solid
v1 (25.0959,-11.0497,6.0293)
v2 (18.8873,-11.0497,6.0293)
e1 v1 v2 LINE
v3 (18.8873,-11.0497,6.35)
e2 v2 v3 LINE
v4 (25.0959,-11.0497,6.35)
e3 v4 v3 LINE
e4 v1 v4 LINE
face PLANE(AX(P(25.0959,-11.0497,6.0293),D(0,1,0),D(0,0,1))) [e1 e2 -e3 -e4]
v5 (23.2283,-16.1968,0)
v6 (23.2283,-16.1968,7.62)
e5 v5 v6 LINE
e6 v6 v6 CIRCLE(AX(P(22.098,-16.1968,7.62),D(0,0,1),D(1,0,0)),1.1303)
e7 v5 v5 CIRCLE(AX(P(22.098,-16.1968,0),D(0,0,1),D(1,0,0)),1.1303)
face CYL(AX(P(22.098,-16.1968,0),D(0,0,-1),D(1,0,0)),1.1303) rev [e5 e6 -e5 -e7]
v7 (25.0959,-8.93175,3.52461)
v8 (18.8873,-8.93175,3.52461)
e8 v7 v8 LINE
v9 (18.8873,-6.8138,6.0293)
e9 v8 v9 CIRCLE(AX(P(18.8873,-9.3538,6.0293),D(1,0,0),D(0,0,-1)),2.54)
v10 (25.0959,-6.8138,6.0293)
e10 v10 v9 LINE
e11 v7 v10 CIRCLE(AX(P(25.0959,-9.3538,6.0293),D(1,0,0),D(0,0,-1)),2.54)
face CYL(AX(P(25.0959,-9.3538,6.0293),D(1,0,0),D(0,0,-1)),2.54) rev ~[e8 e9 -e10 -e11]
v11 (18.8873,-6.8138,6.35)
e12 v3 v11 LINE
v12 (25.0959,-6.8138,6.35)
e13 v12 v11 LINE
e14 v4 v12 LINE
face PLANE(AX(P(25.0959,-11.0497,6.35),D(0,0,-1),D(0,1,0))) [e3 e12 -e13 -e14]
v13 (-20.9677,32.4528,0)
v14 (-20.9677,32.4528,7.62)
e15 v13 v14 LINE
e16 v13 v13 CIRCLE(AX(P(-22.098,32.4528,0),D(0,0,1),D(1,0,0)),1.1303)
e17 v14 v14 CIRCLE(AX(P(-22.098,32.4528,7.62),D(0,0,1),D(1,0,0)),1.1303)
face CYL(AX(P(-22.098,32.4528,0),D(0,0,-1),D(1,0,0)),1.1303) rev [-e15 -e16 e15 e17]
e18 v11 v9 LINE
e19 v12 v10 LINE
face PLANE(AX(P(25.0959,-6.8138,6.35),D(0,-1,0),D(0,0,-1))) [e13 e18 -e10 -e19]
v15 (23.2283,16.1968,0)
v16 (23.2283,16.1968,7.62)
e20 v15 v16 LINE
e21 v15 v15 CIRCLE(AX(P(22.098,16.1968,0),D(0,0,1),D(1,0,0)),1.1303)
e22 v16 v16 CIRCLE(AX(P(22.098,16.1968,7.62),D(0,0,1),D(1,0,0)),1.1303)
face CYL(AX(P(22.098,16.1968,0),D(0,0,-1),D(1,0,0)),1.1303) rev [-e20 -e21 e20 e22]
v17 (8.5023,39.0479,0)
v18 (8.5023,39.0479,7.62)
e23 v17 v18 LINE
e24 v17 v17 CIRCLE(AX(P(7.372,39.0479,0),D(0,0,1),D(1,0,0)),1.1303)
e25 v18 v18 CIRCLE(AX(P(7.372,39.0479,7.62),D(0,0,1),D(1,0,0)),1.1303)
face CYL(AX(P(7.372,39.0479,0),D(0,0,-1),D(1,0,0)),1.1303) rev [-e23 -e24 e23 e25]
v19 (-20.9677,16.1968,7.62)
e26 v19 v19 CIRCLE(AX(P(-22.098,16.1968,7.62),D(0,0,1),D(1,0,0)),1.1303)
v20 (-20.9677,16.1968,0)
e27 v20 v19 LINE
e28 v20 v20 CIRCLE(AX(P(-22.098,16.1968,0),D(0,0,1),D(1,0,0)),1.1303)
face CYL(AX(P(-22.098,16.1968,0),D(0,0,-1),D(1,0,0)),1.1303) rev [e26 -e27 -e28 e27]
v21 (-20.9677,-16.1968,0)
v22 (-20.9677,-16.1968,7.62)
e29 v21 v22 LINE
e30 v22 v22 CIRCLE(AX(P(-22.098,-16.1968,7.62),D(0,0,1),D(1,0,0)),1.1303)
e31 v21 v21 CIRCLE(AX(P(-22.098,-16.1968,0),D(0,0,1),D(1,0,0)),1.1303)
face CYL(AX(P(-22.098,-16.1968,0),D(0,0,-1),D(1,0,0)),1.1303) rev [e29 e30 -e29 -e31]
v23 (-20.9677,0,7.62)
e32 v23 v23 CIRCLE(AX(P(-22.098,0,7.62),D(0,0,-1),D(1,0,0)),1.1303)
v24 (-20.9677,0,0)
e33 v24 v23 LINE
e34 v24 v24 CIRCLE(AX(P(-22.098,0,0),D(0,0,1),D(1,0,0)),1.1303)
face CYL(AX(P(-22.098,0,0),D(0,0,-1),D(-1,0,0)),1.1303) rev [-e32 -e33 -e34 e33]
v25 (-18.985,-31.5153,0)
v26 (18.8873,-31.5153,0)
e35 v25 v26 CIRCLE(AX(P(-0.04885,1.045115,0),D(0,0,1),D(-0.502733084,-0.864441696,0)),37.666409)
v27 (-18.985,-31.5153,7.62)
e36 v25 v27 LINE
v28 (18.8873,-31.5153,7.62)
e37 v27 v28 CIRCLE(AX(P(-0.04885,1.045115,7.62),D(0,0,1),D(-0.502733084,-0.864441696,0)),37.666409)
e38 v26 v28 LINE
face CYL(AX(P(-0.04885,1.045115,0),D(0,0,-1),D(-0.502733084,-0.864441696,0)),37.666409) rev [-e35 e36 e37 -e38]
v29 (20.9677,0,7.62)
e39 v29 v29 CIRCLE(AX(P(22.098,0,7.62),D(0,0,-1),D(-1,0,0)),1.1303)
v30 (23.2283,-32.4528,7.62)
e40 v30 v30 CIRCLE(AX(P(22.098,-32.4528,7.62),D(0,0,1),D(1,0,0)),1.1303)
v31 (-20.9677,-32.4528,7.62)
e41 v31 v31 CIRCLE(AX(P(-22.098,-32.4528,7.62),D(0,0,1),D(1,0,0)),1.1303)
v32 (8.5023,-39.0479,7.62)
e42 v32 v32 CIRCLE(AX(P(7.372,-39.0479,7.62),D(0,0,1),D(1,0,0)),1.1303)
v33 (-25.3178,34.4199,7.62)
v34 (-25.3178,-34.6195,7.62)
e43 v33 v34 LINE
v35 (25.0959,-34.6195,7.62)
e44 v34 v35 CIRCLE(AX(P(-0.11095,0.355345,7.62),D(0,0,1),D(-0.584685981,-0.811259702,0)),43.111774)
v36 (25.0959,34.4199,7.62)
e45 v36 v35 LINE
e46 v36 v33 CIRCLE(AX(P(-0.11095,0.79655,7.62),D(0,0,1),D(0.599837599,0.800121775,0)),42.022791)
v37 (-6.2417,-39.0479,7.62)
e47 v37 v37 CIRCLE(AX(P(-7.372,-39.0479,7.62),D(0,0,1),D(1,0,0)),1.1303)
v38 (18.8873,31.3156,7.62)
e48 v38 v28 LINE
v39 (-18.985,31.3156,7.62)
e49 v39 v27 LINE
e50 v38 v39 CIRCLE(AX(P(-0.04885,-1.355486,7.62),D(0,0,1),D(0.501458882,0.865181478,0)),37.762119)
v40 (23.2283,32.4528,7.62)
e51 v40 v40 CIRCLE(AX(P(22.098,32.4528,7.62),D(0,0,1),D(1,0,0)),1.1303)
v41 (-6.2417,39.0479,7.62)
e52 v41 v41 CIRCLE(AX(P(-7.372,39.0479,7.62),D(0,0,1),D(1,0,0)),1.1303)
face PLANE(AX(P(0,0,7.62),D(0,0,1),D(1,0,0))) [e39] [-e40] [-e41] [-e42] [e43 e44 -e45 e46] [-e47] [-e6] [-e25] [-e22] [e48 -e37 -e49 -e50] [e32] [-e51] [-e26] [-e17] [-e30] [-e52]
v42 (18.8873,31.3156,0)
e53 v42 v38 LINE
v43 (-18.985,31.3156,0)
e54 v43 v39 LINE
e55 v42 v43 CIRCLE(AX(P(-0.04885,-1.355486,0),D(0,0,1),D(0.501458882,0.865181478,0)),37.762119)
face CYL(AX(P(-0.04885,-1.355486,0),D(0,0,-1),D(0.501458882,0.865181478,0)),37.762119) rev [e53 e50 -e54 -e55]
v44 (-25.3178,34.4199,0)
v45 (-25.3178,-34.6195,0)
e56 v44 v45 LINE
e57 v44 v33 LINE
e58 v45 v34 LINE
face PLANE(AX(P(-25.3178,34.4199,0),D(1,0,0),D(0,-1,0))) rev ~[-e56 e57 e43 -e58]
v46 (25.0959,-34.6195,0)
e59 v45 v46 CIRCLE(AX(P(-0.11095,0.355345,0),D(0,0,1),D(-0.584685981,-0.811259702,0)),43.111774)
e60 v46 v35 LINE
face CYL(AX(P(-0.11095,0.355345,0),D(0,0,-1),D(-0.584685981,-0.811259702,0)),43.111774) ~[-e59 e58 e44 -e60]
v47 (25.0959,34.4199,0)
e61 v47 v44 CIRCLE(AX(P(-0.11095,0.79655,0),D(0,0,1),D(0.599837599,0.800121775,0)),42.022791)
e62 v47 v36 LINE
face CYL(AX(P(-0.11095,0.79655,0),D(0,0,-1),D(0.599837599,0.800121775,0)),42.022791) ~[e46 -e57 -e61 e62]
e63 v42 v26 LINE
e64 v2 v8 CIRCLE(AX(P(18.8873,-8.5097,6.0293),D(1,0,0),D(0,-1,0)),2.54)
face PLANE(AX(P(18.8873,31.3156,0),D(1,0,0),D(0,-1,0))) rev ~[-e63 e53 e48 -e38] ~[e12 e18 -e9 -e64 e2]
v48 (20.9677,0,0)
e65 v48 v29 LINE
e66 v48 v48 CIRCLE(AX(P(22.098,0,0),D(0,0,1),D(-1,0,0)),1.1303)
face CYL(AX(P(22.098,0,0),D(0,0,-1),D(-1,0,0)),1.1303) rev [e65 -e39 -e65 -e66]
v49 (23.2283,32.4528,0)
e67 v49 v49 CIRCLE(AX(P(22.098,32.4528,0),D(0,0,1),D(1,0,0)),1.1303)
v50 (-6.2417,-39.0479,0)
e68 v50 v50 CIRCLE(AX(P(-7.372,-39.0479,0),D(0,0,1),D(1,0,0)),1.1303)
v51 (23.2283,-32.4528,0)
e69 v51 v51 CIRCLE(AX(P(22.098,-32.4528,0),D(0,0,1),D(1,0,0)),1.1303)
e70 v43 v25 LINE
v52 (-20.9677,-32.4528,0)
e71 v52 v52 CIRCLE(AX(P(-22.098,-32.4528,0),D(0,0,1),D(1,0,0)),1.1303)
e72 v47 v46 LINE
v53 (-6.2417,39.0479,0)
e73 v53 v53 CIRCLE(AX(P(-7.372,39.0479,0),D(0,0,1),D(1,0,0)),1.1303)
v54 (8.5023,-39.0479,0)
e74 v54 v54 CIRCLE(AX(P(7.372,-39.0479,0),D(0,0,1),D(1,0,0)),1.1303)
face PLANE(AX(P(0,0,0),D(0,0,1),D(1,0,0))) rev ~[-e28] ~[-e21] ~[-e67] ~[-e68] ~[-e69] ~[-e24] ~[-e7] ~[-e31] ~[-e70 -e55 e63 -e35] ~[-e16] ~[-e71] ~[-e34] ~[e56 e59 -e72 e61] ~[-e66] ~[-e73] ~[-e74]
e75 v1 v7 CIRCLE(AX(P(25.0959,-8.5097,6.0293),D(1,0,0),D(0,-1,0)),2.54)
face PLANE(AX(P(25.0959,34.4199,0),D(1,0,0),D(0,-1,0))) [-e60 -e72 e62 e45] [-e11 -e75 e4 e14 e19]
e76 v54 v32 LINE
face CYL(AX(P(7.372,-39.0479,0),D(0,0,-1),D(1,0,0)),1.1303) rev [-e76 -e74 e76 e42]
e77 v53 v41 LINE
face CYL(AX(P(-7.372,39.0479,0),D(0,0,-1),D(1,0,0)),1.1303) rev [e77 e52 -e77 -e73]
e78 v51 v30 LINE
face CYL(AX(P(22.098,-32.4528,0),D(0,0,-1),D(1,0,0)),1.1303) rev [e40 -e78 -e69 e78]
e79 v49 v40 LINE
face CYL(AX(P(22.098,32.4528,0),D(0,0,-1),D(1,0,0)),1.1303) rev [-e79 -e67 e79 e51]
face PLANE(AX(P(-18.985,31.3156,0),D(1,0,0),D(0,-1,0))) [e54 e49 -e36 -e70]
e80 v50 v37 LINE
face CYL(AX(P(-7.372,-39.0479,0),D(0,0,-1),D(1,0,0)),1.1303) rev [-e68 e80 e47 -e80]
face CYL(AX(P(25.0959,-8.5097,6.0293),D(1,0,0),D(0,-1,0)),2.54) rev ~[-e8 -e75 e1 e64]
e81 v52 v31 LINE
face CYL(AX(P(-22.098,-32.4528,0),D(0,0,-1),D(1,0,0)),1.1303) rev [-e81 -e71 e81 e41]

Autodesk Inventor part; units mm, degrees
ref_plane "YZ Plane" through (0, 0, 0) normal (1, 0, 0) x (0, 1, 0)
ref_plane "XZ Plane" through (0, 0, 0) normal (0, 1, 0) x (-1, 0, 0)
ref_plane "XY Plane" through (0, 0, 0) normal (0, 0, 1) x (1, 0, 0)
sketch "Sketch1" plane through (0, 0, 0) normal (0, 0, 1) x (1, 0, 0)
  arc A0 (25.273, 34.559) -> (0.0081, 42.8141) centre (0, 0) ccw
  line L0 (25.273, 34.559) -> (25.273, 0)
  line L1 (18.923, 0) -> (18.923, 31.5055)
  arc A1 (18.923, 31.5055) -> (0.0081, 36.4641) centre (-0.083, -2.439) ccw
  arc A2 (23.2283, 0) -> (20.9677, 0) centre (22.098, 0) ccw
  circle A3 centre (22.098, 32.4528) radius 1.1303
  circle A4 centre (22.098, 16.1968) radius 1.1303
  circle A5 centre (7.372, 39.0479) radius 1.1303
  arc A6 (-20.9677, 0) -> (-23.2283, 0) centre (-22.098, 0) ccw
  circle A7 centre (-22.098, 16.1968) radius 1.1303
  circle A8 centre (-22.098, 32.4528) radius 1.1303
  circle A9 centre (-7.372, 39.0479) radius 1.1303
  arc A10 (-0.0081, 36.4641) -> (-18.923, 31.5055) centre (0.083, -2.439) ccw
  arc A11 (-0.0081, 42.8141) -> (-25.273, 34.559) centre (0, 0) ccw
  line L2 (-25.273, 34.559) -> (-25.273, 0)
  line L3 (-18.923, 0) -> (-18.923, 31.5055)
  line L4 (25.273, -34.559) -> (25.273, 0)
  arc A12 (0.0081, -42.8141) -> (25.273, -34.559) centre (0, 0) ccw
  arc A13 (-25.273, -34.559) -> (-0.0081, -42.8141) centre (0, 0) ccw
  line L5 (-25.273, -34.559) -> (-25.273, 0)
  line L6 (-18.923, 0) -> (-18.923, -31.5055)
  arc A14 (-18.923, -31.5055) -> (-0.0081, -36.4641) centre (0.083, 2.439) ccw
  arc A15 (0.0081, -36.4641) -> (18.923, -31.5055) centre (-0.083, 2.439) ccw
  line L7 (18.923, 0) -> (18.923, -31.5055)
  arc A16 (-23.2283, 0) -> (-20.9677, 0) centre (-22.098, 0) ccw
  circle A17 centre (-22.098, -16.1968) radius 1.1303
  circle A18 centre (-22.098, -32.4528) radius 1.1303
  circle A19 centre (-7.372, -39.0479) radius 1.1303
  circle A20 centre (7.372, -39.0479) radius 1.1303
  circle A21 centre (22.098, -32.4528) radius 1.1303
  circle A22 centre (22.098, -16.1968) radius 1.1303
  arc A23 (20.9677, 0) -> (23.2283, 0) centre (22.098, 0) ccw
  point P0 (0, 29.76)
  point P1 (9.9838, 29.1027)
  point P2 (9.9839, 22.365)
  point P3 (9.9841, 15.6273)
  point P4 (9.9842, 8.8896)
  point P5 (9.9844, 2.1519)
  point P6 (-17.2373, 0)
  point P7 (-17.2389, 0)
  point P8 (-17.2362, -2.4348)
  point P9 (9.9845, -4.5858)
  point P10 (9.9847, -11.3235)
  point P11 (9.9848, -18.0612)
  point P12 (9.9849, -24.7989)
  point P13 (-0.4822, -30.8495)
  point P14 (0, -28.8424)
  point P15 (-10.2647, -28.1682)
  point P16 (-10.2649, -21.4305)
  point P17 (-10.265, -14.6929)
  point P18 (-10.2652, -7.9552)
  point P19 (-10.2653, -1.2175)
  point P20 (-10.2655, 5.5201)
  point P21 (-10.2656, 12.2578)
  point P22 (-10.2657, 18.9955)
  point P23 (-10.2659, 25.7332)
  point P24 (0.294, 31.7784)
  dimension "d1" = 6.35
  dimension "d2" = 2.2606
  dimension "d3" = 2.2606
  dimension "d4" = 2.2606
  dimension "d6" = 2.2606
sketch "Sketch4" plane through (0, 0, 0) normal (0, 0, 1) x (1, 0, 0)
  line L0 (-18.985, 31.3156) -> (-18.985, -31.5153)
  line L1 (18.8873, 31.3156) -> (18.8873, -31.5153)
  line L2 (-25.3178, 34.4199) -> (-25.3178, -34.6195)
  line L3 (25.0959, 34.4199) -> (25.0959, -34.6195)
  arc A0 (18.8873, 31.3156) -> (-18.985, 31.3156) centre (-0.0488, -1.3553) ccw
  arc A1 (-18.985, -31.5153) -> (18.8873, -31.5153) centre (-0.0488, 1.0453) ccw
  arc A2 (25.0959, 34.4199) -> (-25.3178, 34.4199) centre (-0.1109, 0.7967) ccw
  arc A3 (-25.3178, -34.6195) -> (25.0959, -34.6195) centre (-0.1109, 0.3555) ccw
  point P0 (0, 0)
extrude "Extrusion1" add sketch "Sketch4" along normal blind 7.62
extrude "Extrusion2" cut sketch "Sketch1" along normal blind 7.62
sketch "Sketch5" plane through (25.0959, -34.6195, 0) normal (1, 0, 0) x (0, 0, -1)
  line L0 (-7.62, 3.1043) -> (-7.62, 65.9351) projected
  line L1 (-6.35, 27.8057) -> (-6.0293, 27.8057)
  line L2 (-3.4893, 25.2657) -> (-3.4893, 26.1098)
  line L3 (-6.0293, 23.5698) -> (-6.35, 23.5698)
  line L4 (-6.35, 23.5698) -> (-6.35, 27.8057)
  arc A0 (-3.4893, 25.2657) -> (-6.0293, 27.8057) centre (-6.0293, 25.2657) ccw
  arc A1 (-6.0293, 23.5698) -> (-3.4893, 26.1098) centre (-6.0293, 26.1098) ccw
  point P0 (0, 34.6195)
  point P1 (-3.5246, 25.6877)
  dimension "d16" = 2.54
  dimension "d17" = 1.27
extrude "Extrusion3" cut sketch "Sketch5" against normal blind 12.7 contours L1 A0 A1 L3 L4
properties part number "new_retainer_full_cap"
